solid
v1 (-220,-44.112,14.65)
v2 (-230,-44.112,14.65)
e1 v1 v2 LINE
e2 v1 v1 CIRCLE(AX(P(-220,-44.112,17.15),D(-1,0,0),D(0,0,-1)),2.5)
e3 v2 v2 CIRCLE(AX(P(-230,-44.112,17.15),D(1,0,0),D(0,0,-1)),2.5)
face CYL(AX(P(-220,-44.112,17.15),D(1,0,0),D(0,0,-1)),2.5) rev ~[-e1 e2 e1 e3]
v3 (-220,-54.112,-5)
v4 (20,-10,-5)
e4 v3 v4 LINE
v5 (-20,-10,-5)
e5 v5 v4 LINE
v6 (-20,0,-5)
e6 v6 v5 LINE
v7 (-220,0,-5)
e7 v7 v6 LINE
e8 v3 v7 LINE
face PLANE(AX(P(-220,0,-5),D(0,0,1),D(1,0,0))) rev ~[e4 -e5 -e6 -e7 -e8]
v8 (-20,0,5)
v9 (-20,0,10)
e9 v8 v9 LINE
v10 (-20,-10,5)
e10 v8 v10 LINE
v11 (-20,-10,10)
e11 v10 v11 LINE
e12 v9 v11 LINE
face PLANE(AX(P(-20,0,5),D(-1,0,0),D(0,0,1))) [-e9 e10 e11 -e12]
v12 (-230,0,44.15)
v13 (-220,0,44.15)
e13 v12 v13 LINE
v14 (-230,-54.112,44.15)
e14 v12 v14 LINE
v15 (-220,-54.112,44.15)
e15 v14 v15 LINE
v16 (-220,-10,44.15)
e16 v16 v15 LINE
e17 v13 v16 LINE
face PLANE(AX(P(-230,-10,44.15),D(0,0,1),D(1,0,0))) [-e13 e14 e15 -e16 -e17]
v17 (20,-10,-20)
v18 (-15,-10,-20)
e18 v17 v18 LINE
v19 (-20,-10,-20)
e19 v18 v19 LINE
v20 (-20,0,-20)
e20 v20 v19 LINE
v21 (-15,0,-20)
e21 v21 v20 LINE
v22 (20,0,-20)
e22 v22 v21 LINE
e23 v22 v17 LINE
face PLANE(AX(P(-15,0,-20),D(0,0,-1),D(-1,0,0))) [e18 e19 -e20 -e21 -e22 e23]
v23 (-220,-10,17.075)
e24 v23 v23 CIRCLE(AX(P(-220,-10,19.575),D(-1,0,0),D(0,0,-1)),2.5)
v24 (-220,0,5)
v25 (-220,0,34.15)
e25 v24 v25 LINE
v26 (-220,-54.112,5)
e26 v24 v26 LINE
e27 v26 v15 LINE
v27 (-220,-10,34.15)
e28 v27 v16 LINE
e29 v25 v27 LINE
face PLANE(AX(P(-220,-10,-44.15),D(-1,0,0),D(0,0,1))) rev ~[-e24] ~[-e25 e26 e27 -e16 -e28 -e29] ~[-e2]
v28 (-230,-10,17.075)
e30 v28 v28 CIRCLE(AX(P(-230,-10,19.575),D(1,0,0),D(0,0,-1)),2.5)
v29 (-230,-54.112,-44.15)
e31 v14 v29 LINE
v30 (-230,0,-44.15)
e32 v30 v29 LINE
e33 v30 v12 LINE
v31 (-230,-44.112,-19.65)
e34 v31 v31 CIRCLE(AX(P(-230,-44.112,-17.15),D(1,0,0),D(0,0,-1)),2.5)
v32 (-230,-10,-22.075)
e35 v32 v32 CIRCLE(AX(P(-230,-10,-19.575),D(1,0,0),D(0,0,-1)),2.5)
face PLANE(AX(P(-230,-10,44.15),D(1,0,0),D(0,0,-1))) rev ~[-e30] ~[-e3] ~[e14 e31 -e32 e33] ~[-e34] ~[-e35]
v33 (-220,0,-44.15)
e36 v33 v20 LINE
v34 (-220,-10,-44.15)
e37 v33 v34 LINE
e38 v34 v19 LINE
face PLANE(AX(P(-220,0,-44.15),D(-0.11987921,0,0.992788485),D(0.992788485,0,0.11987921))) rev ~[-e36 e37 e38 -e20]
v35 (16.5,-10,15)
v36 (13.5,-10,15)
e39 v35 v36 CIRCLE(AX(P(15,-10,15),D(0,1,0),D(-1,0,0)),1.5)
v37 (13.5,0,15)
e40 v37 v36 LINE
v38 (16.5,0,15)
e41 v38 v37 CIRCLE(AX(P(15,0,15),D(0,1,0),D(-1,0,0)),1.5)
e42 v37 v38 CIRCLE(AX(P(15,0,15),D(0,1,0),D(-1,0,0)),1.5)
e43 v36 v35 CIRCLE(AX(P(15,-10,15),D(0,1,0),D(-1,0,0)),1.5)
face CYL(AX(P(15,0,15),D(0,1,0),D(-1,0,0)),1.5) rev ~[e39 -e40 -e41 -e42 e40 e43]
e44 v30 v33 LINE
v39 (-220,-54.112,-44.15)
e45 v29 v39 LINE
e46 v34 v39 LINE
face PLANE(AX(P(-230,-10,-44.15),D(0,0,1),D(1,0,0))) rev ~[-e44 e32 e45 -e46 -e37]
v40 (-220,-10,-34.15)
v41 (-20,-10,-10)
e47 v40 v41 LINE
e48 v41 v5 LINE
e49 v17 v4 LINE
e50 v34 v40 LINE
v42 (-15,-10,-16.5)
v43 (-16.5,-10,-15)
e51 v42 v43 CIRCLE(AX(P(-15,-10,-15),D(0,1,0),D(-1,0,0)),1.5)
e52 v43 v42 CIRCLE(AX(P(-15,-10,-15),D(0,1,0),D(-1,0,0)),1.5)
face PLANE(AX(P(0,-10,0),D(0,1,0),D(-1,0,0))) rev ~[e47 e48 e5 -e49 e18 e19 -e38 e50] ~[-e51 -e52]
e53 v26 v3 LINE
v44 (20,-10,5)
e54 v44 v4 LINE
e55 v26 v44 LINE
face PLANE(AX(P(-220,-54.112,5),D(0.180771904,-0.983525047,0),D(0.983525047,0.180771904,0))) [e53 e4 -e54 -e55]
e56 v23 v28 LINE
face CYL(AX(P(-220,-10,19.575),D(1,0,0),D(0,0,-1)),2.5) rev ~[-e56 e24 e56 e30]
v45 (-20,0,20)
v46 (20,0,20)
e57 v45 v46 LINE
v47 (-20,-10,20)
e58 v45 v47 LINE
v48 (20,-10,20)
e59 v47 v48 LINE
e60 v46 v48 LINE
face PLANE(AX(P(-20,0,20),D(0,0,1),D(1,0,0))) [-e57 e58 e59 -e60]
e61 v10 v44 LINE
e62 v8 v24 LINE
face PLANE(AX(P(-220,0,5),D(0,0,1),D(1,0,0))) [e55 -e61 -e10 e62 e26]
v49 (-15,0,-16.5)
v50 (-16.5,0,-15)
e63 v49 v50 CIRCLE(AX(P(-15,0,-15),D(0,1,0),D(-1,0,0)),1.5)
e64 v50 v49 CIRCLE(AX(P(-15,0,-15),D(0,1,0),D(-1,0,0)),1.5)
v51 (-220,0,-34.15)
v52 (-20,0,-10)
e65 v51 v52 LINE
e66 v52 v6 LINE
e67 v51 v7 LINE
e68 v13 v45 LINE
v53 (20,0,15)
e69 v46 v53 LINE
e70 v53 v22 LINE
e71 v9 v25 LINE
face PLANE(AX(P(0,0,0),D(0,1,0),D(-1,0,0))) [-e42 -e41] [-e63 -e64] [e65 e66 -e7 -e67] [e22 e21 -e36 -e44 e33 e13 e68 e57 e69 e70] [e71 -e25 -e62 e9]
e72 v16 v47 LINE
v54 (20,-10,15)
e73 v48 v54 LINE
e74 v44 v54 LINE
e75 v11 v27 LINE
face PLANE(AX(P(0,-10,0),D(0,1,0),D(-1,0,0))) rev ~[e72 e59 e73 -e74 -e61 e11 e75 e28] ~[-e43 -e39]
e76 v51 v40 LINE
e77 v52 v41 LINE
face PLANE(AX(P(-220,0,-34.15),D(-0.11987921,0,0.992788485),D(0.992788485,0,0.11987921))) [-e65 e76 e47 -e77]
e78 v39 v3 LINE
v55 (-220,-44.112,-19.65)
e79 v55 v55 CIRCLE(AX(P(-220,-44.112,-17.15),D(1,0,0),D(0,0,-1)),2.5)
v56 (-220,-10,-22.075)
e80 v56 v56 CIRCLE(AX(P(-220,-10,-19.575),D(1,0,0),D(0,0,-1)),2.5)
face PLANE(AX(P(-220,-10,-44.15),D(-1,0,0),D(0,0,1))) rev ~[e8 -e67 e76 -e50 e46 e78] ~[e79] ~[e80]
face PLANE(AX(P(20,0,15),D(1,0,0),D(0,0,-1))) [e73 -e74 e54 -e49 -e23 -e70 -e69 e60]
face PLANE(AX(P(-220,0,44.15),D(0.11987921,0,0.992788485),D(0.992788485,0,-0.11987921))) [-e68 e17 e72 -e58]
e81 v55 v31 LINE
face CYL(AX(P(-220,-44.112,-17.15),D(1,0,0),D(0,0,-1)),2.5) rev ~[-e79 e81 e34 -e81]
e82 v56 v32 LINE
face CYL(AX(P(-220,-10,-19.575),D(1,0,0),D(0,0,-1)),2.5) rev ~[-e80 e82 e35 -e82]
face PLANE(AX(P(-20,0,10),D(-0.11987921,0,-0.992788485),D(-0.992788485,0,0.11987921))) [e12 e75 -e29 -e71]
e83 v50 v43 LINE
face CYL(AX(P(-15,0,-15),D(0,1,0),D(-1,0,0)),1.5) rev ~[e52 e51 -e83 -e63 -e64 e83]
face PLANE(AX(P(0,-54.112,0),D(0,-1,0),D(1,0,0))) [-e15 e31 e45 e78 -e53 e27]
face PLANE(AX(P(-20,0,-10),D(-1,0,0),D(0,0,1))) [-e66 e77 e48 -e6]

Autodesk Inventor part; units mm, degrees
ref_plane "YZ Plane" through (0, 0, 0) normal (1, 0, 0) x (0, 1, 0)
ref_plane "XZ Plane" through (0, 0, 0) normal (0, 1, 0) x (-1, 0, 0)
sketch "Sketch1" plane through (0, 0, 0) normal (0, 1, 0) x (-1, 0, 0)
  line L0 (20, 20) -> (-20, 20)
  line L1 (-20, 20) -> (-20, -20)
  line L2 (-20, -20) -> (20, -20)
  line L3 (20, -20) -> (20, 20)
  line L4 (20, 20) -> (-20, -20) construction
  line L5 (-20, 20) -> (20, -20) construction
  line L6 (-20, 0) -> (230, 0)
  line L7 (230, 0) -> (230, 44.15)
  line L8 (230, 44.15) -> (220, 44.15)
  line L9 (220, 44.15) -> (230, 44.15)
  line L10 (230, 44.15) -> (230, -44.15)
  line L11 (230, -44.15) -> (220, -44.15)
  line L12 (220, -44.15) -> (220, 44.15)
  line L13 (220, 44.15) -> (20, 20)
  line L14 (220, -44.15) -> (20, -20)
  line L15 (20, -20) -> (20, -10)
  line L16 (20, 20) -> (20, 10)
  line L17 (220, 44.15) -> (220, 34.15)
  line L18 (220, -44.15) -> (220, -34.15)
  line L19 (20, 10) -> (220, 34.15)
  line L20 (220, -34.15) -> (20, -10)
  line L21 (220, 0) -> (220, -5)
  line L22 (20, 0) -> (20, 5)
  line L23 (220, -5) -> (20, -5)
  line L24 (20, -5) -> (20, 5)
  line L25 (20, 5) -> (220, 5)
  line L26 (220, 5) -> (220, -5)
  line L27 (-20, 20) -> (-20, 15)
  line L28 (-20, 15) -> (-15, 15)
  line L29 (20, -20) -> (15, -20)
  line L30 (15, -20) -> (15, -15)
  circle A0 centre (15, -15) radius 1.5
  circle A1 centre (-15, 15) radius 1.5
  point P0 (0, 0)
  dimension "d0" = 40
  dimension "d1" = 40
  dimension "d2" = 250
  dimension "d3" = 44.15
  dimension "d4" = 10
  dimension "d5" = 88.3
  dimension "d6" = 10
  dimension "d7" = 10
  dimension "d8" = 10
  dimension "d9" = 10
  dimension "d10" = 5
  dimension "d11" = 5
  dimension "d12" = 5
  dimension "d13" = 5
  dimension "d14" = 3
  dimension "d15" = 3
extrude "Extrusion1" add sketch "Sketch1" against normal blind 10 contours L3 L6 L1 L0 | L13 L12 L19 L3 | L8 L7 L6 L12 | L25 L12 L6 L3 | L6 L3 L2 L1 | L6 L12 L23 L3 | L10 L11 L12 L6 | L20 L12 L14 L3
sketch "Sketch2" plane through (0, -10, 0) normal (0, -1, 0) x (1, 0, 0)
  line L0 (-230, 44.15) -> (-230, -44.15) projected
  line L1 (-230, 44.15) -> (-220, 44.15) projected
  line L2 (-230, -44.15) -> (-220, -44.15)
  line L3 (-220, -44.15) -> (-220, 44.15)
  line L4 (-220, 44.15) -> (-230, 44.15)
  line L5 (-230, 44.15) -> (-230, -44.15)
  point P0 (0, 0)
extrude "Extrusion2" add sketch "Sketch2" along normal blind 44.112
ref_plane "Work Plane1" through (-220, 0, 5) normal (0, 0, 1) x (1, 0, 0)
sketch "Sketch3" plane through (-220, 0, 5) normal (0, 0, 1) x (1, 0, 0)
  line L0 (0, -10) -> (0, -54.112) projected
  line L1 (200, -10) -> (240, -10) projected
  line L2 (0, -54.112) -> (240, -10)
  line L3 (0, 0) -> (0, -10) projected
  line L4 (0, -54.112) -> (0, -10)
  line L5 (0, -10) -> (240, -10)
  point P0 (220, 0)
extrude "Extrusion3" add sketch "Sketch3" against normal blind 10
sketch "Sketch5" plane through (-220, 0, 34.15) normal (1, 0, 0) x (0, 0, -1)
  line L0 (0, 0) -> (29.15, 0) projected
  line L1 (0, 0) -> (14.575, 0)
  line L2 (14.575, 0) -> (14.575, -10)
  circle A0 centre (14.575, -10) radius 2.5
  line L3 (34.15, 0) -> (34.15, -54.112)
  line L4 (39.15, -54.112) -> (29.15, -54.112) projected
  circle A1 centre (53.725, -10) radius 2.5
  dimension "d23" = 14.575
  dimension "d24" = 10
  dimension "d25" = 5
extrude "Extrusion4" cut sketch "Sketch5" against normal blind 10
sketch "Sketch6" plane through (-220, 0, 34.15) normal (1, 0, 0) x (0, 0, -1)
  line L0 (-10, 0) -> (-10, -54.112) projected
  line L1 (-10, -54.112) -> (17, -54.112)
  line L2 (17, -54.112) -> (17, -44.112)
  circle A0 centre (17, -44.112) radius 2.5
  line L3 (34.15, 0) -> (34.15, -54.112)
  line L4 (39.15, -54.112) -> (29.15, -54.112) projected
  circle A1 centre (51.3, -44.112) radius 2.5
  dimension "d28" = 27
  dimension "d29" = 10
  dimension "d30" = 5
extrude "Extrusion5" cut sketch "Sketch6" against normal blind 10
properties part number "magnetometer_holder" material "PET Plastic"
